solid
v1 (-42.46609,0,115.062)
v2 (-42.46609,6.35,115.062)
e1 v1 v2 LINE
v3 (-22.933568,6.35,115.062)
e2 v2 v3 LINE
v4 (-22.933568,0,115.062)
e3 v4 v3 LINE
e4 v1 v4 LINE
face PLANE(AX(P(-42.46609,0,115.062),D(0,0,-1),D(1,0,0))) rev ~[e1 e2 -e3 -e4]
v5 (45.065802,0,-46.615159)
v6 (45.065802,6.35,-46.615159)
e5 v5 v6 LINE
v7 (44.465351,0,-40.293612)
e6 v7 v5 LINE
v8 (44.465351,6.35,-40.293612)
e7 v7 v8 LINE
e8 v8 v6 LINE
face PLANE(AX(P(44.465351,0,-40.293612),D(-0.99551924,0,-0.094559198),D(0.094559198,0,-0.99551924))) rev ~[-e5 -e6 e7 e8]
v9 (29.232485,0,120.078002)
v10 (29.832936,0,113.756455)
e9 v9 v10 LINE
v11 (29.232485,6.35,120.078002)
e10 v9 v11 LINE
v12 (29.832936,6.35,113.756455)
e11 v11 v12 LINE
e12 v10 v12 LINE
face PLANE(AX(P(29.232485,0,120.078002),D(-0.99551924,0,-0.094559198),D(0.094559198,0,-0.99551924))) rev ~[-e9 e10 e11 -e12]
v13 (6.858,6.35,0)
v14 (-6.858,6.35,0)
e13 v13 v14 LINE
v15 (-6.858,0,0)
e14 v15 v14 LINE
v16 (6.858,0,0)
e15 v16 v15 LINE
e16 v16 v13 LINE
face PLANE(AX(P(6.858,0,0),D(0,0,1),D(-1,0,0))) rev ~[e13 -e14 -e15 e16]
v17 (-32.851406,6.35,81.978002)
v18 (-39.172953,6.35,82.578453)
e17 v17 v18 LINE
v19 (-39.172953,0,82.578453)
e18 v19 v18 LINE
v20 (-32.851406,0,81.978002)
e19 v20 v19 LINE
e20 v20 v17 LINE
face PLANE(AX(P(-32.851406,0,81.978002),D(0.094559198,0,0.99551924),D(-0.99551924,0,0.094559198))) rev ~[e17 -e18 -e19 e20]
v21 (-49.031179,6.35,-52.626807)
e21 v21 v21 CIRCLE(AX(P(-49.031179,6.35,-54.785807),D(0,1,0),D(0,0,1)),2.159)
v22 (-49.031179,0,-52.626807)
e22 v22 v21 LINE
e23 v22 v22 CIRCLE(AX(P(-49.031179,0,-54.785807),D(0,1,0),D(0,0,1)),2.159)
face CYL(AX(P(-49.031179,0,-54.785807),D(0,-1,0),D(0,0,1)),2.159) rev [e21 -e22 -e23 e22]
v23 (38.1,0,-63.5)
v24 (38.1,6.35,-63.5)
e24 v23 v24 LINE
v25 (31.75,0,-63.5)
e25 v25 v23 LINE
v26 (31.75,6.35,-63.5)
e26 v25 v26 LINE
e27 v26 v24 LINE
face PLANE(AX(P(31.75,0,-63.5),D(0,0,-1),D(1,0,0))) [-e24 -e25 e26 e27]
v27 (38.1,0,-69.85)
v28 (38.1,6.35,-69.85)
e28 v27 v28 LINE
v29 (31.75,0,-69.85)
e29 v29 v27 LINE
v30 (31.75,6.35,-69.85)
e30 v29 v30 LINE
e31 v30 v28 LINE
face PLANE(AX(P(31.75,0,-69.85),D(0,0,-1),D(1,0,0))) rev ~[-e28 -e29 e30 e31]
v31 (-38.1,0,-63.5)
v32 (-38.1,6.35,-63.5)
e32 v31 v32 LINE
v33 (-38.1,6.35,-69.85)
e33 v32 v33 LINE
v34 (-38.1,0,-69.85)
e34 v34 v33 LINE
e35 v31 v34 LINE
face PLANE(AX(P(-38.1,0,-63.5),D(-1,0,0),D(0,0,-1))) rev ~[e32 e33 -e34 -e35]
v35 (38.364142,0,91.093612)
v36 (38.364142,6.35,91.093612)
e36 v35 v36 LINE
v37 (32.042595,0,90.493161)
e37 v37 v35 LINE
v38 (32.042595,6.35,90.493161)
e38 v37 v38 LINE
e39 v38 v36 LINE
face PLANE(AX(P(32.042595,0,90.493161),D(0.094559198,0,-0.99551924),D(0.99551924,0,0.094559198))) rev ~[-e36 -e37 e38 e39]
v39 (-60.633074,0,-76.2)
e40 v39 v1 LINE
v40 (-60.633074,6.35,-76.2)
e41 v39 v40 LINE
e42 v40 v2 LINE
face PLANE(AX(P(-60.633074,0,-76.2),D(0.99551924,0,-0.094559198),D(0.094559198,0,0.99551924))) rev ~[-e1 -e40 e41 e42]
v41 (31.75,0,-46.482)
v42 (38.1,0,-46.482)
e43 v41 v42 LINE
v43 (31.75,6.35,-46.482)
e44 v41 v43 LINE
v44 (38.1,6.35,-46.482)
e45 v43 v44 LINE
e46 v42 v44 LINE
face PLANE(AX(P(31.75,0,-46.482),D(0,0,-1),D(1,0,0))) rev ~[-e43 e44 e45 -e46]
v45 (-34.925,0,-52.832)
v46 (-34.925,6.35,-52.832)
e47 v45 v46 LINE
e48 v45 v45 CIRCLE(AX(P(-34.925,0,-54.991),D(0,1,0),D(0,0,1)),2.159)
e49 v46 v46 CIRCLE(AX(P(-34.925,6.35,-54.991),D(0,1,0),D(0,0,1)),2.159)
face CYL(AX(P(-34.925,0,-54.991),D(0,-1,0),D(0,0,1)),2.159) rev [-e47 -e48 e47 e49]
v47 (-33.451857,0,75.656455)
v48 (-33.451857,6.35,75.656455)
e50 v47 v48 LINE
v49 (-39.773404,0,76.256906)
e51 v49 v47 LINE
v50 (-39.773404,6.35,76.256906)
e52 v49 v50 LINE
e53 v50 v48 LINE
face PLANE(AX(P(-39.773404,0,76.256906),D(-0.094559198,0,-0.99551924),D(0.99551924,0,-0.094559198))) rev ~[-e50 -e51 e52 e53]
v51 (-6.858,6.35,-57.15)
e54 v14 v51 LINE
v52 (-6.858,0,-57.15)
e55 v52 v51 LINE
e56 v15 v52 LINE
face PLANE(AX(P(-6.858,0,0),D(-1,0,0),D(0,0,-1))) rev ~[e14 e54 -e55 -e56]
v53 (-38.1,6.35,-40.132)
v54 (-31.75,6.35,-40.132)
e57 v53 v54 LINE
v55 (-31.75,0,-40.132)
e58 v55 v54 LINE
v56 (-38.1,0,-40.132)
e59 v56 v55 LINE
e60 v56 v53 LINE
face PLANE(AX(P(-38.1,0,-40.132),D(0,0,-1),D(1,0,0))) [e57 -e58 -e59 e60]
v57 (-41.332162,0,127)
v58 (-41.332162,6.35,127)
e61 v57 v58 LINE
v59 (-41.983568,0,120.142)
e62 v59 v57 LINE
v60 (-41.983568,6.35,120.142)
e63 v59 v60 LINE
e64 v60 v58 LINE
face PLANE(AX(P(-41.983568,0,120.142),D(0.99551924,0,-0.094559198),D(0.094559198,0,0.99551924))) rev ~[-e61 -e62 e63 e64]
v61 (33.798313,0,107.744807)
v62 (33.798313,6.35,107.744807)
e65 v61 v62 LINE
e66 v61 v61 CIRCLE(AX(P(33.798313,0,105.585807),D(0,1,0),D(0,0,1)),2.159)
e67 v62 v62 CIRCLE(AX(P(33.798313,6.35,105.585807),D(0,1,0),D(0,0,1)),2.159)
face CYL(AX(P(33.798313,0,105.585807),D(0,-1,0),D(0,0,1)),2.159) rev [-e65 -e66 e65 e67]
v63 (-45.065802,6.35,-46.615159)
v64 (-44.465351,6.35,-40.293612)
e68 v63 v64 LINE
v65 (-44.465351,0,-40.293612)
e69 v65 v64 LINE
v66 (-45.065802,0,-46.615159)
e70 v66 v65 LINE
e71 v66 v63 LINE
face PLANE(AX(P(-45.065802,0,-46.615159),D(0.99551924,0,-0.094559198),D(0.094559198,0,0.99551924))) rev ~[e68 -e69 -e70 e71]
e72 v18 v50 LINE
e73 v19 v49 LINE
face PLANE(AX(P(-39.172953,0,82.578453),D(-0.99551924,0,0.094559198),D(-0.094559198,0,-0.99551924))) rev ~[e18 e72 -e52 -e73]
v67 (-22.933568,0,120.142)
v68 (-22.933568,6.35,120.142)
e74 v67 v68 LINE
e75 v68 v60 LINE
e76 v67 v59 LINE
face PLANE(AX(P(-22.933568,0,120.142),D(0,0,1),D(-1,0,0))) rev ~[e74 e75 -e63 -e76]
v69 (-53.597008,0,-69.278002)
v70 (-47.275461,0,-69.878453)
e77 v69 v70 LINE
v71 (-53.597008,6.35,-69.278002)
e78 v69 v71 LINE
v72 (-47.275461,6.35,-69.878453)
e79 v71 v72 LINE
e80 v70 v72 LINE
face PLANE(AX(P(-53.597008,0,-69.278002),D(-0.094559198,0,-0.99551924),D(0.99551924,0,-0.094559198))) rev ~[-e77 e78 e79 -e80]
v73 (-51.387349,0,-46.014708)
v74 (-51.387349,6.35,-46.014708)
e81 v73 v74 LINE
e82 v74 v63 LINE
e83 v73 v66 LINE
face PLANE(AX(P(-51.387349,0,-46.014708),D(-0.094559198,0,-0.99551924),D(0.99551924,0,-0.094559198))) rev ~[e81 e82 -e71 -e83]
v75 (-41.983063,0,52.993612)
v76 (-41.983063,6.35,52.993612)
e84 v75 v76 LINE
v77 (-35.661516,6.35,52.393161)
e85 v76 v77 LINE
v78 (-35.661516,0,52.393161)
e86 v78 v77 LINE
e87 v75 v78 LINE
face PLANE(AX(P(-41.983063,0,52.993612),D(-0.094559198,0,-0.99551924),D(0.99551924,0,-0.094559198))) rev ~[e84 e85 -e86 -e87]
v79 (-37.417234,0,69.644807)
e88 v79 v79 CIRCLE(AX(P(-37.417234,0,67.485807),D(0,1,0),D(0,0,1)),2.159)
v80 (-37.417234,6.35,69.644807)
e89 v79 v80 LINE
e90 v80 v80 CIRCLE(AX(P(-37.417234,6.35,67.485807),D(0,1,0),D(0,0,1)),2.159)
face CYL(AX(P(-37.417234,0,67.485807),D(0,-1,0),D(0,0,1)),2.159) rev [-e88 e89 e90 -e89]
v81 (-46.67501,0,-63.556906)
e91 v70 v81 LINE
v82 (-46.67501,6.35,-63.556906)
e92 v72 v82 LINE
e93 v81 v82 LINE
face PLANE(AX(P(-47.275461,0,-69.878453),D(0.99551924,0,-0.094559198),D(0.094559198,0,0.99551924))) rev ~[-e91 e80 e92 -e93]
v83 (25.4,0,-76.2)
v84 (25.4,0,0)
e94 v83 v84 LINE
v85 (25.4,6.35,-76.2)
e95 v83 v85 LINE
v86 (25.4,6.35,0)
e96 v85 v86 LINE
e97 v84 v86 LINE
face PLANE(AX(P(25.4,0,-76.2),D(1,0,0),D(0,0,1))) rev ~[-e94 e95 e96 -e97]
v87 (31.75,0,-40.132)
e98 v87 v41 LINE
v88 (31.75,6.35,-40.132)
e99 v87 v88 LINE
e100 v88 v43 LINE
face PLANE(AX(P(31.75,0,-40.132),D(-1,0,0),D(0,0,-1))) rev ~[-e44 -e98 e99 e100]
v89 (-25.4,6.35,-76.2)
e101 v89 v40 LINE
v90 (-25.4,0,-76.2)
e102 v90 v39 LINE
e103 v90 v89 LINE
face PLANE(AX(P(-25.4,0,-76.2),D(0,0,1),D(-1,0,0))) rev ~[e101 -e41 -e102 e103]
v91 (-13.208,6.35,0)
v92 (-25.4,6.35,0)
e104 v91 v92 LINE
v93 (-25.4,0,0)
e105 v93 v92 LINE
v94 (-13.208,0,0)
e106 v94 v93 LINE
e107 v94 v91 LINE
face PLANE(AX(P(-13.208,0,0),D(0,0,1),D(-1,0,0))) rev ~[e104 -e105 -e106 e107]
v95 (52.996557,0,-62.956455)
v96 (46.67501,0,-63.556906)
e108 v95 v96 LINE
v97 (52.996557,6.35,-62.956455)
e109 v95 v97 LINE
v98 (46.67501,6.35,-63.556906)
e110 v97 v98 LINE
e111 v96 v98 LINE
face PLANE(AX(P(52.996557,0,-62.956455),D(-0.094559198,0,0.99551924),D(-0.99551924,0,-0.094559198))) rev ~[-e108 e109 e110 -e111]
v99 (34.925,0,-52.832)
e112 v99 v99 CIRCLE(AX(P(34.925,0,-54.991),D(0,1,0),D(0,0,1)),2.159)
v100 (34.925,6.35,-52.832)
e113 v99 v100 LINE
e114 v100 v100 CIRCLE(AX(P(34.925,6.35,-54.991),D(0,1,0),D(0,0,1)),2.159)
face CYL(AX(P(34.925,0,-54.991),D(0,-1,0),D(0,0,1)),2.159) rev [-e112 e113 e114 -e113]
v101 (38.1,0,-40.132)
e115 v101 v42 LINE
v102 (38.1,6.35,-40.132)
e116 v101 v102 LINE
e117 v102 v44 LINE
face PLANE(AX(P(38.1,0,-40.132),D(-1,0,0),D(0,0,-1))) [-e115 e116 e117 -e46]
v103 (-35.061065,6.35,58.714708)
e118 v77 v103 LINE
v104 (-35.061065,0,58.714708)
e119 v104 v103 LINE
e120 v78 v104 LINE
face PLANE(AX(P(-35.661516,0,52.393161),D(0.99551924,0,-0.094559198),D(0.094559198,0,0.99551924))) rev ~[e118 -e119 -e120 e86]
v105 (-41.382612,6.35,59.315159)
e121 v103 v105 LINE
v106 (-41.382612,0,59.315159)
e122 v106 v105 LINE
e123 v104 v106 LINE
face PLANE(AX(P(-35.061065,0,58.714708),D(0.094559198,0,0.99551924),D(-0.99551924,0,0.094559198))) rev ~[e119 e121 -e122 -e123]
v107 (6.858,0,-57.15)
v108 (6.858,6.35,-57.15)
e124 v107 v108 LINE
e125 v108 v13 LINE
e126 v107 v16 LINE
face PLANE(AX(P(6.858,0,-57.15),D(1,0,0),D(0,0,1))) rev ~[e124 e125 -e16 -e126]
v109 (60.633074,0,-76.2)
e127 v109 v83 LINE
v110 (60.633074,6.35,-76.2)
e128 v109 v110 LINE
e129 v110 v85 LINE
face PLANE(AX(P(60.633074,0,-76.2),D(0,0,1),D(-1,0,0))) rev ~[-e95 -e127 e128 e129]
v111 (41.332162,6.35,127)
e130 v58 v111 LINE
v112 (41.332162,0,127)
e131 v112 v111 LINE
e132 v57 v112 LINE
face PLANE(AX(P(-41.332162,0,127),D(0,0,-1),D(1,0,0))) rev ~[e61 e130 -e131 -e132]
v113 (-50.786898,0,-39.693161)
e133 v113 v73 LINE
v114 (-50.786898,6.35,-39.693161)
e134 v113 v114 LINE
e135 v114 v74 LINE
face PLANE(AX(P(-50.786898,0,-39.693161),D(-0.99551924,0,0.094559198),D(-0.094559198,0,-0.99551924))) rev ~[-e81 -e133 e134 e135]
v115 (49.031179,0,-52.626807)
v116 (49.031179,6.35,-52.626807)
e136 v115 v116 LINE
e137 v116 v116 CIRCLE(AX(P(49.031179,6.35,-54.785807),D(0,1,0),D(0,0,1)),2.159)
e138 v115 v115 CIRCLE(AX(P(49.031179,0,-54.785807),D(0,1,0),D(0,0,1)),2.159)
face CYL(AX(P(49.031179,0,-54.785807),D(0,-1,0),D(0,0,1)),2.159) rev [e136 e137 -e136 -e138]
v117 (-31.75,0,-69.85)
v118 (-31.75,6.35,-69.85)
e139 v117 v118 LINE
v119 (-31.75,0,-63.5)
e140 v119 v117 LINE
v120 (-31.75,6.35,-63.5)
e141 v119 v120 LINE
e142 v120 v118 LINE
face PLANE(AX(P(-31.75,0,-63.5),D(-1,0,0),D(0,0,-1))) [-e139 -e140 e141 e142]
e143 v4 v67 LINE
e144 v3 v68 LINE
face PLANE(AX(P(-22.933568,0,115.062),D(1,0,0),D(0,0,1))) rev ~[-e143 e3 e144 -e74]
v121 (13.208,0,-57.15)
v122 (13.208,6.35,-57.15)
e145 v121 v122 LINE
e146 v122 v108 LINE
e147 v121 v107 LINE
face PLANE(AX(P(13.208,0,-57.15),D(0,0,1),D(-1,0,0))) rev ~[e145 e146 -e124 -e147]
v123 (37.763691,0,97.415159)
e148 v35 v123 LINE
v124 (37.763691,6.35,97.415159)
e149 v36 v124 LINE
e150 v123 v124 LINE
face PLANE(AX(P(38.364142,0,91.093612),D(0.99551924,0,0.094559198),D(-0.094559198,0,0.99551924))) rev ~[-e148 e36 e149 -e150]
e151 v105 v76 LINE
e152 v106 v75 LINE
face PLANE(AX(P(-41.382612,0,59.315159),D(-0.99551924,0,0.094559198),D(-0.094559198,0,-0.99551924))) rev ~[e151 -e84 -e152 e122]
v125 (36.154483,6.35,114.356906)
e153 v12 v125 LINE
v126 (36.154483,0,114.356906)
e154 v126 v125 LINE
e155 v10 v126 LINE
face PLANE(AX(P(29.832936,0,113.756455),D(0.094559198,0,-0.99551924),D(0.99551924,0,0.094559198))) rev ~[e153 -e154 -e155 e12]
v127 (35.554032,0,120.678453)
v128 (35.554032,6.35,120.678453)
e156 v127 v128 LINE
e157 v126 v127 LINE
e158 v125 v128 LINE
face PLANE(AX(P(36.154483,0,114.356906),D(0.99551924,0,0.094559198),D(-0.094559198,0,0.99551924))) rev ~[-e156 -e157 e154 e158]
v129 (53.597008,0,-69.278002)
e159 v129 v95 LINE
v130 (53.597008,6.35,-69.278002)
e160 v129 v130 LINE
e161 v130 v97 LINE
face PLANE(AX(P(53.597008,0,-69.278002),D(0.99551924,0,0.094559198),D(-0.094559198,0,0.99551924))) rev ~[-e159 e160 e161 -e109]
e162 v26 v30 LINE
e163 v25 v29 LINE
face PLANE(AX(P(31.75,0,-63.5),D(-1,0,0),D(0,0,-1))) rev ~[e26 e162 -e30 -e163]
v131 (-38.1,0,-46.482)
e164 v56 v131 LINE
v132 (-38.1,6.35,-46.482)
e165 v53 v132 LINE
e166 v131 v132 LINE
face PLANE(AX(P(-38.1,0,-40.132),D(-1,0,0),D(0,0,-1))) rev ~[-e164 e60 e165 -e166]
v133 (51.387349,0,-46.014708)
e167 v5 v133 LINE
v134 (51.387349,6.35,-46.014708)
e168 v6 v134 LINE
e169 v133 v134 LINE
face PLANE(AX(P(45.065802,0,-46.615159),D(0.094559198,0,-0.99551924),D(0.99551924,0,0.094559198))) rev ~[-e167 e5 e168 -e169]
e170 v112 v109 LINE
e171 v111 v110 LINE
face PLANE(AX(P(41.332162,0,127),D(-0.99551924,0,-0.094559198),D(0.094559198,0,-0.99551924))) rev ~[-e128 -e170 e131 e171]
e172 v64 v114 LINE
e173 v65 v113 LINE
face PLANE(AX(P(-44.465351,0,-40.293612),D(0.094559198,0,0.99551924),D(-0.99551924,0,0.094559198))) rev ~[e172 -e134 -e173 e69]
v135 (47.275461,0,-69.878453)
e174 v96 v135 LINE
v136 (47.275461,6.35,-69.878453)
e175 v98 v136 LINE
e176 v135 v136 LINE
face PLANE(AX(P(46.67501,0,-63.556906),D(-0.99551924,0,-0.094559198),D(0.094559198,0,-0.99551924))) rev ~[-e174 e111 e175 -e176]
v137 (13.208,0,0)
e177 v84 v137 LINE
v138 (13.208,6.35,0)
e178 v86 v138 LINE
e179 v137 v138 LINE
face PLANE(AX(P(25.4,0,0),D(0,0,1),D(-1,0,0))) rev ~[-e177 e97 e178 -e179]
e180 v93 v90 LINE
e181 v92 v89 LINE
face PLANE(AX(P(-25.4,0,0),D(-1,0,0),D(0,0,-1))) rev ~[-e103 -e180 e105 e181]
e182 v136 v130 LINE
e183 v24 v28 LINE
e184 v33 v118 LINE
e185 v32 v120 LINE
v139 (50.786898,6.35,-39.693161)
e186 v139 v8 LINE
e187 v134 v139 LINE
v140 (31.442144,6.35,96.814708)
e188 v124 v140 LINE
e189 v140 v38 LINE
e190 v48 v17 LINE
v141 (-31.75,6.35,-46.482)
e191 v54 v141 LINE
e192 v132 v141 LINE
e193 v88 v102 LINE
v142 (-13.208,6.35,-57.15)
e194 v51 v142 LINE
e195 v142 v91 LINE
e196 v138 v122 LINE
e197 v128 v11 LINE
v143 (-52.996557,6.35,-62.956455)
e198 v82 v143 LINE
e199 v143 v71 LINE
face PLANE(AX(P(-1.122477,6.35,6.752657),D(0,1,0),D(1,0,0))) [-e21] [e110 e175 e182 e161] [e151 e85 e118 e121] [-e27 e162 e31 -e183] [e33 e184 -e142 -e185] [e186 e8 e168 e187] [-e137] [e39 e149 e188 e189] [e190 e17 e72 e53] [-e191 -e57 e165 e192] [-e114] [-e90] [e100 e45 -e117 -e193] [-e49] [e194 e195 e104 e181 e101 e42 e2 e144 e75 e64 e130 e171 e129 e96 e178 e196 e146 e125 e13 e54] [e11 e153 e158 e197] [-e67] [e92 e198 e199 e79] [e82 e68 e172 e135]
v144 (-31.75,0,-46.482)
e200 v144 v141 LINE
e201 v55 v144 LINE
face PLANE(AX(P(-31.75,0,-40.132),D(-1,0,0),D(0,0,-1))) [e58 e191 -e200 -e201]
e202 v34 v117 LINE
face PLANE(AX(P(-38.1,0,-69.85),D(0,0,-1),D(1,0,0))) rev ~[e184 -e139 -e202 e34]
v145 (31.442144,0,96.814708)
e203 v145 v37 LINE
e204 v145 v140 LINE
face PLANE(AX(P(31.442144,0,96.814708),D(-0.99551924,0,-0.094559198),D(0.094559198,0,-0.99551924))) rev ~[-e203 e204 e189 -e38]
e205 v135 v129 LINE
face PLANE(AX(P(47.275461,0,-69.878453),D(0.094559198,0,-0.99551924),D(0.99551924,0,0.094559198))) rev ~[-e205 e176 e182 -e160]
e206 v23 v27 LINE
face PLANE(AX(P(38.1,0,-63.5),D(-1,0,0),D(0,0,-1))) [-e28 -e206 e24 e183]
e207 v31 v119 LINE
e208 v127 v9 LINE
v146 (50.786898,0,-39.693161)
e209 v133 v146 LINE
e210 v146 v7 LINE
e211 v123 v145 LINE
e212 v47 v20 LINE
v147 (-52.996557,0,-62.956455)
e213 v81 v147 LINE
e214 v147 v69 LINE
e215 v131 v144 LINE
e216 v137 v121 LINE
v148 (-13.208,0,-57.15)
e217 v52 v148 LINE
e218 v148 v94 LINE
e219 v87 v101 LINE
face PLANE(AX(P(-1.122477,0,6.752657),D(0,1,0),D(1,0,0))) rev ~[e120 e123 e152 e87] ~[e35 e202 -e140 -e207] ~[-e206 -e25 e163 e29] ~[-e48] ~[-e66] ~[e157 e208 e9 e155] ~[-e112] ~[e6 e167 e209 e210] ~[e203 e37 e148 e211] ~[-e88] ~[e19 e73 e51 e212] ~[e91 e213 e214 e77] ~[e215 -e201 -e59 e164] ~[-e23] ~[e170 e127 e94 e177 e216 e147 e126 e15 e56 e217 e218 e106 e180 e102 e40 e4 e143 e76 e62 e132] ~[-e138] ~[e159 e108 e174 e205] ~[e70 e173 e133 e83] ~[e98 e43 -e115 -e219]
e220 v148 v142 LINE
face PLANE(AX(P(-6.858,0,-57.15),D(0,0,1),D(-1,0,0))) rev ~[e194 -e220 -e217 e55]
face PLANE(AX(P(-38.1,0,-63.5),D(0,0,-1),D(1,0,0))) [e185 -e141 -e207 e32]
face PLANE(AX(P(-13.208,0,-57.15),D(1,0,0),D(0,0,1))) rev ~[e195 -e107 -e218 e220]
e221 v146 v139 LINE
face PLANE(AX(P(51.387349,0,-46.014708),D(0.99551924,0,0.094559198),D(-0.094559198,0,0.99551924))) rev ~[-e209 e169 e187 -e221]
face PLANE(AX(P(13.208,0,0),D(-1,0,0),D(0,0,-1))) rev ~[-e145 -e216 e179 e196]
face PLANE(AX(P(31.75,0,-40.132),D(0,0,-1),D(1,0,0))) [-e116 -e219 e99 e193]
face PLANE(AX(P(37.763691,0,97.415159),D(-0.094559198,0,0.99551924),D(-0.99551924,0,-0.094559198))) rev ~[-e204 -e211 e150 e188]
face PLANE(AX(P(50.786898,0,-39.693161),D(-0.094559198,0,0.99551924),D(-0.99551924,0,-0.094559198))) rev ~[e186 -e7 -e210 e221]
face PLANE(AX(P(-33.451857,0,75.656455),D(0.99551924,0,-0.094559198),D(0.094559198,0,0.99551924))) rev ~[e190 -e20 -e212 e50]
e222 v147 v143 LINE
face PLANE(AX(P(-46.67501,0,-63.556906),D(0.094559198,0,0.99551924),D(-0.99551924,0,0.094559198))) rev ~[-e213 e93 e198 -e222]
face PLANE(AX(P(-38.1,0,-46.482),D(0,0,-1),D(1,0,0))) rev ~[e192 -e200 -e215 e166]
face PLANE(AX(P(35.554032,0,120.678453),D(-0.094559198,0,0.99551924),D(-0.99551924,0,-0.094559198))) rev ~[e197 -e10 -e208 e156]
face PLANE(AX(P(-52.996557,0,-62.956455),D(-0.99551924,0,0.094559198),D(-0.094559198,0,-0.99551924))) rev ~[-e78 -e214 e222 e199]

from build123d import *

# Parameters (mm, degrees)
SKETCH1_R           = 2.159
SKETCH1_W           = 6.35
SKETCH1_H           = 6.35
BOSS_EXTRUDE1_DEPTH = 6.35


with BuildPart() as part:
    # Sketch1 → Boss-Extrude1 (new body)
    with BuildSketch(Plane(origin=(0, 0, 0), x_dir=(1, 0, 0), z_dir=(0, 1, 0))):
        Polygon((-25.4, 76.2), (-47.875911854, 76.2), (-60.633073629, 76.2), (-42.466090347, -115.062), (-22.93356755, -115.062), (-22.93356755, -120.142), (-41.98356755, -120.142), (-41.332161775, -127), (-28.575, -127), (0, -127), (28.575, -127), (41.332161775, -127), (60.633073629, 76.2), (47.875911854, 76.2), (25.4, 76.2), (25.4, 0), (13.208, 0), (13.208, 57.15), (6.858, 57.15), (6.858, 0), (-6.858, 0), (-6.858, 57.15), (-13.208, 57.15), (-13.208, 0), (-25.4, 0), align=None)
        Polygon((-39.17295277, -82.578452823), (-39.773403679, -76.256905647), (-33.451856503, -75.656454737), (-32.851405593, -81.978001914), align=None, mode=Mode.SUBTRACT)
        with Locations(Location((-37.41723431, -67.485806976, 0), (0, 0, 270))):
            Circle(SKETCH1_R, mode=Mode.SUBTRACT)
        Polygon((-35.66151585, -52.393161128), (-35.061064941, -58.714708304), (-41.382612117, -59.315159214), (-41.983063027, -52.993612037), align=None, mode=Mode.SUBTRACT)
        Polygon((29.83293553, -113.756454737), (36.154482707, -114.356905647), (35.554031797, -120.678452823), (29.232484621, -120.078001914), align=None, mode=Mode.SUBTRACT)
        with Locations(Location((33.798313337, -105.585806976, 0), (0, 0, 270))):
            Circle(SKETCH1_R, mode=Mode.SUBTRACT)
        Polygon((37.763691145, -97.415159214), (31.442143968, -96.814708304), (32.042594878, -90.493161128), (38.364142054, -91.093612037), align=None, mode=Mode.SUBTRACT)
        Polygon((-50.786897864, 39.693161128), (-51.387348774, 46.014708304), (-45.065801597, 46.615159214), (-44.465350687, 40.293612037), align=None, mode=Mode.SUBTRACT)
        with Locations((-34.925, 43.307)):
            Rectangle(SKETCH1_W, SKETCH1_H, mode=Mode.SUBTRACT)
        with Locations(Location((-49.031179404, 54.785806976, 0), (0, 0, 270))):
            Circle(SKETCH1_R, mode=Mode.SUBTRACT)
        Polygon((-47.275460944, 69.878452823), (-46.675010035, 63.556905647), (-52.996557211, 62.956454737), (-53.597008121, 69.278001914), align=None, mode=Mode.SUBTRACT)
        with Locations(Location((-34.925, 54.991, 0), (0, 0, 270))):
            Circle(SKETCH1_R, mode=Mode.SUBTRACT)
        with Locations((-34.925, 66.675)):
            Rectangle(SKETCH1_W, SKETCH1_H, mode=Mode.SUBTRACT)
        with Locations((34.925, 43.307)):
            Rectangle(SKETCH1_W, SKETCH1_H, mode=Mode.SUBTRACT)
        Polygon((45.065801597, 46.615159214), (51.387348774, 46.014708304), (50.786897864, 39.693161128), (44.465350687, 40.293612037), align=None, mode=Mode.SUBTRACT)
        with Locations(Location((34.925, 54.991, 0), (0, 0, 270))):
            Circle(SKETCH1_R, mode=Mode.SUBTRACT)
        with Locations((34.925, 66.675)):
            Rectangle(SKETCH1_W, SKETCH1_H, mode=Mode.SUBTRACT)
        with Locations(Location((49.031179404, 54.785806976, 0), (0, 0, 270))):
            Circle(SKETCH1_R, mode=Mode.SUBTRACT)
        Polygon((52.996557211, 62.956454737), (46.675010035, 63.556905647), (47.275460944, 69.878452823), (53.597008121, 69.278001914), align=None, mode=Mode.SUBTRACT)
    extrude(amount=BOSS_EXTRUDE1_DEPTH)


solid = part.part
